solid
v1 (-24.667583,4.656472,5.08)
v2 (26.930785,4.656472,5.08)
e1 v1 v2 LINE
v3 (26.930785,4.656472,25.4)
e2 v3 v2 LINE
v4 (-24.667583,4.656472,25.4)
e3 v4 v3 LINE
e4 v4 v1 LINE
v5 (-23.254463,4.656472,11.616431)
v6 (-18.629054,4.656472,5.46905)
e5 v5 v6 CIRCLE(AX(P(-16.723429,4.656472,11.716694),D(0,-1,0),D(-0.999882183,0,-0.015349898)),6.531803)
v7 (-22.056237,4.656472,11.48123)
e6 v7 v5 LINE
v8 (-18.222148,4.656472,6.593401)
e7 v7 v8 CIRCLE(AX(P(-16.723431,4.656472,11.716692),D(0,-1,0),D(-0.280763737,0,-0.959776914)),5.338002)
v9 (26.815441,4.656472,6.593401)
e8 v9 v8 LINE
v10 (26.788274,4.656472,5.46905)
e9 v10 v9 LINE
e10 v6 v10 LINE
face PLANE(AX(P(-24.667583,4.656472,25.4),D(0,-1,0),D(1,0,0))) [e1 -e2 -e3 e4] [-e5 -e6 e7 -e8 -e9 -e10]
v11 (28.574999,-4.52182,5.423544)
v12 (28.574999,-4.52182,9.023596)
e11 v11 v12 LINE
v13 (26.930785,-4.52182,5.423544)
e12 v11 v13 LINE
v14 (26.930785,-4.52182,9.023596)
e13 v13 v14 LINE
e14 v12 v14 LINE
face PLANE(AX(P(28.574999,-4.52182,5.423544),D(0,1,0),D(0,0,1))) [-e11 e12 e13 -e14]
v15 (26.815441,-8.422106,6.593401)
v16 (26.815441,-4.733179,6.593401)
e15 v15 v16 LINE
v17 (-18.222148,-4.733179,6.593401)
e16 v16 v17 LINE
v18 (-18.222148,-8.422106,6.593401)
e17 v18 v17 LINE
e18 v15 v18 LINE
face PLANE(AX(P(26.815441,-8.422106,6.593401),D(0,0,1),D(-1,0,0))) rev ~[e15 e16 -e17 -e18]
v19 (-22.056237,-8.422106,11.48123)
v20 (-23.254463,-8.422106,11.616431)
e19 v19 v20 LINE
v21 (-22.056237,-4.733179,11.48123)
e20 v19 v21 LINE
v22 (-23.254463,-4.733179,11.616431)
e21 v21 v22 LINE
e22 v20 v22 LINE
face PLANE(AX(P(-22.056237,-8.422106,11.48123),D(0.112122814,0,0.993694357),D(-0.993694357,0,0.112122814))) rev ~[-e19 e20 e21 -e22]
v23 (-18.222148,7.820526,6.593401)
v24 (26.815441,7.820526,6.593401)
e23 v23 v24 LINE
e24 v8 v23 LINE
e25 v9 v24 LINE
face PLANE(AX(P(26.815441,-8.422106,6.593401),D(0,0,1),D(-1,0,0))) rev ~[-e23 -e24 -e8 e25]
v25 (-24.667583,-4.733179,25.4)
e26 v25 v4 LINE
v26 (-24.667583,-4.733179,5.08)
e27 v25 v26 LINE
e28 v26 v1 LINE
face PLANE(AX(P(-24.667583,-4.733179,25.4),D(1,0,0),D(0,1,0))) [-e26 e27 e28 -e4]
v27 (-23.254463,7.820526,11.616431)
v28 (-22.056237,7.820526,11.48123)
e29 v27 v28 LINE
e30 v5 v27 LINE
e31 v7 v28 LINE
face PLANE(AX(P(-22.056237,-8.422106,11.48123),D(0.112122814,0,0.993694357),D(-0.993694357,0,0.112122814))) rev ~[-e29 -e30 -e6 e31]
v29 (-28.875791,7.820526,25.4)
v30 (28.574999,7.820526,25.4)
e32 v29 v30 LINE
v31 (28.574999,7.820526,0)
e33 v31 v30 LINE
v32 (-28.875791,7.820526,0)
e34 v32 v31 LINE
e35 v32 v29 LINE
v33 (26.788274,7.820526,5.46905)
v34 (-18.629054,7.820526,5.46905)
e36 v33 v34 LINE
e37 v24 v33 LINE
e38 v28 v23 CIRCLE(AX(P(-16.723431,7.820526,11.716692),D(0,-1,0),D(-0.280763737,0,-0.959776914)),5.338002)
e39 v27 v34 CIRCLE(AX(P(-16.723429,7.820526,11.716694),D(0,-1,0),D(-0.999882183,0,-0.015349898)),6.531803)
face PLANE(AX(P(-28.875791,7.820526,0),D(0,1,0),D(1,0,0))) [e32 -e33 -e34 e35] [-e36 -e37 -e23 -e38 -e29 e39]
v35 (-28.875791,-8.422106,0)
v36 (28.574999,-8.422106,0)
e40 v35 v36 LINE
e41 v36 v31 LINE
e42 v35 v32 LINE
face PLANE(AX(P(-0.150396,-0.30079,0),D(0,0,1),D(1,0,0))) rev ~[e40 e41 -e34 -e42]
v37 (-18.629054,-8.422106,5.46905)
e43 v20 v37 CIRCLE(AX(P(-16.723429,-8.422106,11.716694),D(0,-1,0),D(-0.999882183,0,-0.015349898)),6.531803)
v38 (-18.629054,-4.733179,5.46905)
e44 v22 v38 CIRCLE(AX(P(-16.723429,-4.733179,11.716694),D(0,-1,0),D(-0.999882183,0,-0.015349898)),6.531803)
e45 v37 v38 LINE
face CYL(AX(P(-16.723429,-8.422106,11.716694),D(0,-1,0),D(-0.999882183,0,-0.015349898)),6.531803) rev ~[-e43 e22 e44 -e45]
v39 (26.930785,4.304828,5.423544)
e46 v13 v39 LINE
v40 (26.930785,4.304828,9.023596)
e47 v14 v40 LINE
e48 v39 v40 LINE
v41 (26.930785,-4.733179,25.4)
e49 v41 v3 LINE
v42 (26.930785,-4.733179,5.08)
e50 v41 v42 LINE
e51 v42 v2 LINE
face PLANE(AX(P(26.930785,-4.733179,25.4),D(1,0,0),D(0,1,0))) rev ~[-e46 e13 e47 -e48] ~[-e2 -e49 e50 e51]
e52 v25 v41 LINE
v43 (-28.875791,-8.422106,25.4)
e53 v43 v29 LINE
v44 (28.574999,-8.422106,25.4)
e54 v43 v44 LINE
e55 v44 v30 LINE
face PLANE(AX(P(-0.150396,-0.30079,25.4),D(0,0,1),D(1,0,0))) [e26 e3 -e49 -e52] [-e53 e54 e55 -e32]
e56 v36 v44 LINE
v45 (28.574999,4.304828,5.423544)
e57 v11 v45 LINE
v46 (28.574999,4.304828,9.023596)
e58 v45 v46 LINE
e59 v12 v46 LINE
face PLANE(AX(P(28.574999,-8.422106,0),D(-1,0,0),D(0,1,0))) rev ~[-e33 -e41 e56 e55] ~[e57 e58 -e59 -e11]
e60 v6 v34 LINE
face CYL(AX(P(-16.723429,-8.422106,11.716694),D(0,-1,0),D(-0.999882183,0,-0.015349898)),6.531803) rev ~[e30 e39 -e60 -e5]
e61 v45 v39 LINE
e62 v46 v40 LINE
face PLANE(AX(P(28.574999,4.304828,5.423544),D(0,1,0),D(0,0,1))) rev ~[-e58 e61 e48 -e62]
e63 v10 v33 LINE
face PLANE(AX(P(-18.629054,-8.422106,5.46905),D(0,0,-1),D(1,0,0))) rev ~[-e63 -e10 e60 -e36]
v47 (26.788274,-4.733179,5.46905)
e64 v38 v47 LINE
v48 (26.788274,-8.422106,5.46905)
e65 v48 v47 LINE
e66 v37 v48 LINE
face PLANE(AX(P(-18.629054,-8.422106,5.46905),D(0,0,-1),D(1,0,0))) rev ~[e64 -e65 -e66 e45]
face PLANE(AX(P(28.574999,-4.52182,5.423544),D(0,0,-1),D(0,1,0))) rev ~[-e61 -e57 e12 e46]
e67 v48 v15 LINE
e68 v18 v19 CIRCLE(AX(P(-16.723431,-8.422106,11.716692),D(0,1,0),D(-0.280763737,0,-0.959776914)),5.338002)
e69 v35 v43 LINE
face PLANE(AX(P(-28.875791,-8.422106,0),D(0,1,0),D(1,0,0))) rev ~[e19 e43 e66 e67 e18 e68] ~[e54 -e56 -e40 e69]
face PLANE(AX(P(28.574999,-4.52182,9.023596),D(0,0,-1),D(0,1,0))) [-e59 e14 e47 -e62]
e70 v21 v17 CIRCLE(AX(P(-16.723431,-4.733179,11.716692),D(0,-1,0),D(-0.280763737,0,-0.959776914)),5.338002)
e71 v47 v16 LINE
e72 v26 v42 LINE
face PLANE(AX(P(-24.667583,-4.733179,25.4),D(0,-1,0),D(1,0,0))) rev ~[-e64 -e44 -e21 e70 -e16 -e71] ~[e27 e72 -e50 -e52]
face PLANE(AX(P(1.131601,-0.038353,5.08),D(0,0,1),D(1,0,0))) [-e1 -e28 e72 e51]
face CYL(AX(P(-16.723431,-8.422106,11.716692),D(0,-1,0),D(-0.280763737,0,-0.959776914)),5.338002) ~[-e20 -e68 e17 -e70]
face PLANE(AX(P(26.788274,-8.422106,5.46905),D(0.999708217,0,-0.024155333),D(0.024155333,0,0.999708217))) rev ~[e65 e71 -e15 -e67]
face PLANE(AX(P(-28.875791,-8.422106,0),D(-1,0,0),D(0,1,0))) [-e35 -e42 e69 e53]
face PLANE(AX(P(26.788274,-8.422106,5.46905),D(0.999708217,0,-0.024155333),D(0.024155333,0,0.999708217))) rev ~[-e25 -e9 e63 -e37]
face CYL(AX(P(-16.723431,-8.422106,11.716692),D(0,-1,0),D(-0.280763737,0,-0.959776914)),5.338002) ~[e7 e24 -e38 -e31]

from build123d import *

# Parameters (mm, degrees)
F0_W     = 57.45079
F0_H     = 16.242632
F1_DEPTH = 25.4
F2_W     = 51.598368
F2_H     = 9.389651
F3_DEPTH = 20.32
F4_W     = 8.826647
F4_H     = 3.600052
F5_DEPTH = 35.306
F7_DEPTH = 25.4


with BuildPart() as f1:
    # F0 (on Top) → F1 (new body)
    with BuildSketch(Plane.XY):
        with Locations((-0.150396, -0.30079)):
            Rectangle(F0_W, F0_H)
    extrude(amount=F1_DEPTH)

    # F2 (on face) → F3 (cut)
    with BuildSketch(Plane.XY.offset(25.4)):
        with Locations((1.131601, -0.038353)):
            Rectangle(F2_W, F2_H)
    extrude(amount=-F3_DEPTH, mode=Mode.SUBTRACT)

    # F4 (on face) → F5 (cut)
    with BuildSketch(Plane.YZ.offset(28.574999)):
        with Locations((-0.108496, 7.22357)):
            Rectangle(F4_W, F4_H)
    extrude(amount=-F5_DEPTH, mode=Mode.SUBTRACT)

    # F6 (on face) → F7 (cut)
    with BuildSketch(Plane.XZ.offset(8.422106)):
        with BuildLine():
            Line((-18.629054, 5.46905), (26.788274, 5.46905))
            Line((26.788274, 5.46905), (26.815441, 6.593401))
            Line((26.815441, 6.593401), (-18.222148, 6.593401))
            ThreePointArc((-18.222148, 6.593401), (-20.923448, 8.422133), (-22.056237, 11.48123))
            Line((-22.056237, 11.48123), (-23.254463, 11.616431))
            ThreePointArc((-23.254463, 11.616431), (-21.942804, 7.789534), (-18.629054, 5.46905))
        make_face()
    extrude(amount=-F7_DEPTH, mode=Mode.SUBTRACT)


solid = f1.part
